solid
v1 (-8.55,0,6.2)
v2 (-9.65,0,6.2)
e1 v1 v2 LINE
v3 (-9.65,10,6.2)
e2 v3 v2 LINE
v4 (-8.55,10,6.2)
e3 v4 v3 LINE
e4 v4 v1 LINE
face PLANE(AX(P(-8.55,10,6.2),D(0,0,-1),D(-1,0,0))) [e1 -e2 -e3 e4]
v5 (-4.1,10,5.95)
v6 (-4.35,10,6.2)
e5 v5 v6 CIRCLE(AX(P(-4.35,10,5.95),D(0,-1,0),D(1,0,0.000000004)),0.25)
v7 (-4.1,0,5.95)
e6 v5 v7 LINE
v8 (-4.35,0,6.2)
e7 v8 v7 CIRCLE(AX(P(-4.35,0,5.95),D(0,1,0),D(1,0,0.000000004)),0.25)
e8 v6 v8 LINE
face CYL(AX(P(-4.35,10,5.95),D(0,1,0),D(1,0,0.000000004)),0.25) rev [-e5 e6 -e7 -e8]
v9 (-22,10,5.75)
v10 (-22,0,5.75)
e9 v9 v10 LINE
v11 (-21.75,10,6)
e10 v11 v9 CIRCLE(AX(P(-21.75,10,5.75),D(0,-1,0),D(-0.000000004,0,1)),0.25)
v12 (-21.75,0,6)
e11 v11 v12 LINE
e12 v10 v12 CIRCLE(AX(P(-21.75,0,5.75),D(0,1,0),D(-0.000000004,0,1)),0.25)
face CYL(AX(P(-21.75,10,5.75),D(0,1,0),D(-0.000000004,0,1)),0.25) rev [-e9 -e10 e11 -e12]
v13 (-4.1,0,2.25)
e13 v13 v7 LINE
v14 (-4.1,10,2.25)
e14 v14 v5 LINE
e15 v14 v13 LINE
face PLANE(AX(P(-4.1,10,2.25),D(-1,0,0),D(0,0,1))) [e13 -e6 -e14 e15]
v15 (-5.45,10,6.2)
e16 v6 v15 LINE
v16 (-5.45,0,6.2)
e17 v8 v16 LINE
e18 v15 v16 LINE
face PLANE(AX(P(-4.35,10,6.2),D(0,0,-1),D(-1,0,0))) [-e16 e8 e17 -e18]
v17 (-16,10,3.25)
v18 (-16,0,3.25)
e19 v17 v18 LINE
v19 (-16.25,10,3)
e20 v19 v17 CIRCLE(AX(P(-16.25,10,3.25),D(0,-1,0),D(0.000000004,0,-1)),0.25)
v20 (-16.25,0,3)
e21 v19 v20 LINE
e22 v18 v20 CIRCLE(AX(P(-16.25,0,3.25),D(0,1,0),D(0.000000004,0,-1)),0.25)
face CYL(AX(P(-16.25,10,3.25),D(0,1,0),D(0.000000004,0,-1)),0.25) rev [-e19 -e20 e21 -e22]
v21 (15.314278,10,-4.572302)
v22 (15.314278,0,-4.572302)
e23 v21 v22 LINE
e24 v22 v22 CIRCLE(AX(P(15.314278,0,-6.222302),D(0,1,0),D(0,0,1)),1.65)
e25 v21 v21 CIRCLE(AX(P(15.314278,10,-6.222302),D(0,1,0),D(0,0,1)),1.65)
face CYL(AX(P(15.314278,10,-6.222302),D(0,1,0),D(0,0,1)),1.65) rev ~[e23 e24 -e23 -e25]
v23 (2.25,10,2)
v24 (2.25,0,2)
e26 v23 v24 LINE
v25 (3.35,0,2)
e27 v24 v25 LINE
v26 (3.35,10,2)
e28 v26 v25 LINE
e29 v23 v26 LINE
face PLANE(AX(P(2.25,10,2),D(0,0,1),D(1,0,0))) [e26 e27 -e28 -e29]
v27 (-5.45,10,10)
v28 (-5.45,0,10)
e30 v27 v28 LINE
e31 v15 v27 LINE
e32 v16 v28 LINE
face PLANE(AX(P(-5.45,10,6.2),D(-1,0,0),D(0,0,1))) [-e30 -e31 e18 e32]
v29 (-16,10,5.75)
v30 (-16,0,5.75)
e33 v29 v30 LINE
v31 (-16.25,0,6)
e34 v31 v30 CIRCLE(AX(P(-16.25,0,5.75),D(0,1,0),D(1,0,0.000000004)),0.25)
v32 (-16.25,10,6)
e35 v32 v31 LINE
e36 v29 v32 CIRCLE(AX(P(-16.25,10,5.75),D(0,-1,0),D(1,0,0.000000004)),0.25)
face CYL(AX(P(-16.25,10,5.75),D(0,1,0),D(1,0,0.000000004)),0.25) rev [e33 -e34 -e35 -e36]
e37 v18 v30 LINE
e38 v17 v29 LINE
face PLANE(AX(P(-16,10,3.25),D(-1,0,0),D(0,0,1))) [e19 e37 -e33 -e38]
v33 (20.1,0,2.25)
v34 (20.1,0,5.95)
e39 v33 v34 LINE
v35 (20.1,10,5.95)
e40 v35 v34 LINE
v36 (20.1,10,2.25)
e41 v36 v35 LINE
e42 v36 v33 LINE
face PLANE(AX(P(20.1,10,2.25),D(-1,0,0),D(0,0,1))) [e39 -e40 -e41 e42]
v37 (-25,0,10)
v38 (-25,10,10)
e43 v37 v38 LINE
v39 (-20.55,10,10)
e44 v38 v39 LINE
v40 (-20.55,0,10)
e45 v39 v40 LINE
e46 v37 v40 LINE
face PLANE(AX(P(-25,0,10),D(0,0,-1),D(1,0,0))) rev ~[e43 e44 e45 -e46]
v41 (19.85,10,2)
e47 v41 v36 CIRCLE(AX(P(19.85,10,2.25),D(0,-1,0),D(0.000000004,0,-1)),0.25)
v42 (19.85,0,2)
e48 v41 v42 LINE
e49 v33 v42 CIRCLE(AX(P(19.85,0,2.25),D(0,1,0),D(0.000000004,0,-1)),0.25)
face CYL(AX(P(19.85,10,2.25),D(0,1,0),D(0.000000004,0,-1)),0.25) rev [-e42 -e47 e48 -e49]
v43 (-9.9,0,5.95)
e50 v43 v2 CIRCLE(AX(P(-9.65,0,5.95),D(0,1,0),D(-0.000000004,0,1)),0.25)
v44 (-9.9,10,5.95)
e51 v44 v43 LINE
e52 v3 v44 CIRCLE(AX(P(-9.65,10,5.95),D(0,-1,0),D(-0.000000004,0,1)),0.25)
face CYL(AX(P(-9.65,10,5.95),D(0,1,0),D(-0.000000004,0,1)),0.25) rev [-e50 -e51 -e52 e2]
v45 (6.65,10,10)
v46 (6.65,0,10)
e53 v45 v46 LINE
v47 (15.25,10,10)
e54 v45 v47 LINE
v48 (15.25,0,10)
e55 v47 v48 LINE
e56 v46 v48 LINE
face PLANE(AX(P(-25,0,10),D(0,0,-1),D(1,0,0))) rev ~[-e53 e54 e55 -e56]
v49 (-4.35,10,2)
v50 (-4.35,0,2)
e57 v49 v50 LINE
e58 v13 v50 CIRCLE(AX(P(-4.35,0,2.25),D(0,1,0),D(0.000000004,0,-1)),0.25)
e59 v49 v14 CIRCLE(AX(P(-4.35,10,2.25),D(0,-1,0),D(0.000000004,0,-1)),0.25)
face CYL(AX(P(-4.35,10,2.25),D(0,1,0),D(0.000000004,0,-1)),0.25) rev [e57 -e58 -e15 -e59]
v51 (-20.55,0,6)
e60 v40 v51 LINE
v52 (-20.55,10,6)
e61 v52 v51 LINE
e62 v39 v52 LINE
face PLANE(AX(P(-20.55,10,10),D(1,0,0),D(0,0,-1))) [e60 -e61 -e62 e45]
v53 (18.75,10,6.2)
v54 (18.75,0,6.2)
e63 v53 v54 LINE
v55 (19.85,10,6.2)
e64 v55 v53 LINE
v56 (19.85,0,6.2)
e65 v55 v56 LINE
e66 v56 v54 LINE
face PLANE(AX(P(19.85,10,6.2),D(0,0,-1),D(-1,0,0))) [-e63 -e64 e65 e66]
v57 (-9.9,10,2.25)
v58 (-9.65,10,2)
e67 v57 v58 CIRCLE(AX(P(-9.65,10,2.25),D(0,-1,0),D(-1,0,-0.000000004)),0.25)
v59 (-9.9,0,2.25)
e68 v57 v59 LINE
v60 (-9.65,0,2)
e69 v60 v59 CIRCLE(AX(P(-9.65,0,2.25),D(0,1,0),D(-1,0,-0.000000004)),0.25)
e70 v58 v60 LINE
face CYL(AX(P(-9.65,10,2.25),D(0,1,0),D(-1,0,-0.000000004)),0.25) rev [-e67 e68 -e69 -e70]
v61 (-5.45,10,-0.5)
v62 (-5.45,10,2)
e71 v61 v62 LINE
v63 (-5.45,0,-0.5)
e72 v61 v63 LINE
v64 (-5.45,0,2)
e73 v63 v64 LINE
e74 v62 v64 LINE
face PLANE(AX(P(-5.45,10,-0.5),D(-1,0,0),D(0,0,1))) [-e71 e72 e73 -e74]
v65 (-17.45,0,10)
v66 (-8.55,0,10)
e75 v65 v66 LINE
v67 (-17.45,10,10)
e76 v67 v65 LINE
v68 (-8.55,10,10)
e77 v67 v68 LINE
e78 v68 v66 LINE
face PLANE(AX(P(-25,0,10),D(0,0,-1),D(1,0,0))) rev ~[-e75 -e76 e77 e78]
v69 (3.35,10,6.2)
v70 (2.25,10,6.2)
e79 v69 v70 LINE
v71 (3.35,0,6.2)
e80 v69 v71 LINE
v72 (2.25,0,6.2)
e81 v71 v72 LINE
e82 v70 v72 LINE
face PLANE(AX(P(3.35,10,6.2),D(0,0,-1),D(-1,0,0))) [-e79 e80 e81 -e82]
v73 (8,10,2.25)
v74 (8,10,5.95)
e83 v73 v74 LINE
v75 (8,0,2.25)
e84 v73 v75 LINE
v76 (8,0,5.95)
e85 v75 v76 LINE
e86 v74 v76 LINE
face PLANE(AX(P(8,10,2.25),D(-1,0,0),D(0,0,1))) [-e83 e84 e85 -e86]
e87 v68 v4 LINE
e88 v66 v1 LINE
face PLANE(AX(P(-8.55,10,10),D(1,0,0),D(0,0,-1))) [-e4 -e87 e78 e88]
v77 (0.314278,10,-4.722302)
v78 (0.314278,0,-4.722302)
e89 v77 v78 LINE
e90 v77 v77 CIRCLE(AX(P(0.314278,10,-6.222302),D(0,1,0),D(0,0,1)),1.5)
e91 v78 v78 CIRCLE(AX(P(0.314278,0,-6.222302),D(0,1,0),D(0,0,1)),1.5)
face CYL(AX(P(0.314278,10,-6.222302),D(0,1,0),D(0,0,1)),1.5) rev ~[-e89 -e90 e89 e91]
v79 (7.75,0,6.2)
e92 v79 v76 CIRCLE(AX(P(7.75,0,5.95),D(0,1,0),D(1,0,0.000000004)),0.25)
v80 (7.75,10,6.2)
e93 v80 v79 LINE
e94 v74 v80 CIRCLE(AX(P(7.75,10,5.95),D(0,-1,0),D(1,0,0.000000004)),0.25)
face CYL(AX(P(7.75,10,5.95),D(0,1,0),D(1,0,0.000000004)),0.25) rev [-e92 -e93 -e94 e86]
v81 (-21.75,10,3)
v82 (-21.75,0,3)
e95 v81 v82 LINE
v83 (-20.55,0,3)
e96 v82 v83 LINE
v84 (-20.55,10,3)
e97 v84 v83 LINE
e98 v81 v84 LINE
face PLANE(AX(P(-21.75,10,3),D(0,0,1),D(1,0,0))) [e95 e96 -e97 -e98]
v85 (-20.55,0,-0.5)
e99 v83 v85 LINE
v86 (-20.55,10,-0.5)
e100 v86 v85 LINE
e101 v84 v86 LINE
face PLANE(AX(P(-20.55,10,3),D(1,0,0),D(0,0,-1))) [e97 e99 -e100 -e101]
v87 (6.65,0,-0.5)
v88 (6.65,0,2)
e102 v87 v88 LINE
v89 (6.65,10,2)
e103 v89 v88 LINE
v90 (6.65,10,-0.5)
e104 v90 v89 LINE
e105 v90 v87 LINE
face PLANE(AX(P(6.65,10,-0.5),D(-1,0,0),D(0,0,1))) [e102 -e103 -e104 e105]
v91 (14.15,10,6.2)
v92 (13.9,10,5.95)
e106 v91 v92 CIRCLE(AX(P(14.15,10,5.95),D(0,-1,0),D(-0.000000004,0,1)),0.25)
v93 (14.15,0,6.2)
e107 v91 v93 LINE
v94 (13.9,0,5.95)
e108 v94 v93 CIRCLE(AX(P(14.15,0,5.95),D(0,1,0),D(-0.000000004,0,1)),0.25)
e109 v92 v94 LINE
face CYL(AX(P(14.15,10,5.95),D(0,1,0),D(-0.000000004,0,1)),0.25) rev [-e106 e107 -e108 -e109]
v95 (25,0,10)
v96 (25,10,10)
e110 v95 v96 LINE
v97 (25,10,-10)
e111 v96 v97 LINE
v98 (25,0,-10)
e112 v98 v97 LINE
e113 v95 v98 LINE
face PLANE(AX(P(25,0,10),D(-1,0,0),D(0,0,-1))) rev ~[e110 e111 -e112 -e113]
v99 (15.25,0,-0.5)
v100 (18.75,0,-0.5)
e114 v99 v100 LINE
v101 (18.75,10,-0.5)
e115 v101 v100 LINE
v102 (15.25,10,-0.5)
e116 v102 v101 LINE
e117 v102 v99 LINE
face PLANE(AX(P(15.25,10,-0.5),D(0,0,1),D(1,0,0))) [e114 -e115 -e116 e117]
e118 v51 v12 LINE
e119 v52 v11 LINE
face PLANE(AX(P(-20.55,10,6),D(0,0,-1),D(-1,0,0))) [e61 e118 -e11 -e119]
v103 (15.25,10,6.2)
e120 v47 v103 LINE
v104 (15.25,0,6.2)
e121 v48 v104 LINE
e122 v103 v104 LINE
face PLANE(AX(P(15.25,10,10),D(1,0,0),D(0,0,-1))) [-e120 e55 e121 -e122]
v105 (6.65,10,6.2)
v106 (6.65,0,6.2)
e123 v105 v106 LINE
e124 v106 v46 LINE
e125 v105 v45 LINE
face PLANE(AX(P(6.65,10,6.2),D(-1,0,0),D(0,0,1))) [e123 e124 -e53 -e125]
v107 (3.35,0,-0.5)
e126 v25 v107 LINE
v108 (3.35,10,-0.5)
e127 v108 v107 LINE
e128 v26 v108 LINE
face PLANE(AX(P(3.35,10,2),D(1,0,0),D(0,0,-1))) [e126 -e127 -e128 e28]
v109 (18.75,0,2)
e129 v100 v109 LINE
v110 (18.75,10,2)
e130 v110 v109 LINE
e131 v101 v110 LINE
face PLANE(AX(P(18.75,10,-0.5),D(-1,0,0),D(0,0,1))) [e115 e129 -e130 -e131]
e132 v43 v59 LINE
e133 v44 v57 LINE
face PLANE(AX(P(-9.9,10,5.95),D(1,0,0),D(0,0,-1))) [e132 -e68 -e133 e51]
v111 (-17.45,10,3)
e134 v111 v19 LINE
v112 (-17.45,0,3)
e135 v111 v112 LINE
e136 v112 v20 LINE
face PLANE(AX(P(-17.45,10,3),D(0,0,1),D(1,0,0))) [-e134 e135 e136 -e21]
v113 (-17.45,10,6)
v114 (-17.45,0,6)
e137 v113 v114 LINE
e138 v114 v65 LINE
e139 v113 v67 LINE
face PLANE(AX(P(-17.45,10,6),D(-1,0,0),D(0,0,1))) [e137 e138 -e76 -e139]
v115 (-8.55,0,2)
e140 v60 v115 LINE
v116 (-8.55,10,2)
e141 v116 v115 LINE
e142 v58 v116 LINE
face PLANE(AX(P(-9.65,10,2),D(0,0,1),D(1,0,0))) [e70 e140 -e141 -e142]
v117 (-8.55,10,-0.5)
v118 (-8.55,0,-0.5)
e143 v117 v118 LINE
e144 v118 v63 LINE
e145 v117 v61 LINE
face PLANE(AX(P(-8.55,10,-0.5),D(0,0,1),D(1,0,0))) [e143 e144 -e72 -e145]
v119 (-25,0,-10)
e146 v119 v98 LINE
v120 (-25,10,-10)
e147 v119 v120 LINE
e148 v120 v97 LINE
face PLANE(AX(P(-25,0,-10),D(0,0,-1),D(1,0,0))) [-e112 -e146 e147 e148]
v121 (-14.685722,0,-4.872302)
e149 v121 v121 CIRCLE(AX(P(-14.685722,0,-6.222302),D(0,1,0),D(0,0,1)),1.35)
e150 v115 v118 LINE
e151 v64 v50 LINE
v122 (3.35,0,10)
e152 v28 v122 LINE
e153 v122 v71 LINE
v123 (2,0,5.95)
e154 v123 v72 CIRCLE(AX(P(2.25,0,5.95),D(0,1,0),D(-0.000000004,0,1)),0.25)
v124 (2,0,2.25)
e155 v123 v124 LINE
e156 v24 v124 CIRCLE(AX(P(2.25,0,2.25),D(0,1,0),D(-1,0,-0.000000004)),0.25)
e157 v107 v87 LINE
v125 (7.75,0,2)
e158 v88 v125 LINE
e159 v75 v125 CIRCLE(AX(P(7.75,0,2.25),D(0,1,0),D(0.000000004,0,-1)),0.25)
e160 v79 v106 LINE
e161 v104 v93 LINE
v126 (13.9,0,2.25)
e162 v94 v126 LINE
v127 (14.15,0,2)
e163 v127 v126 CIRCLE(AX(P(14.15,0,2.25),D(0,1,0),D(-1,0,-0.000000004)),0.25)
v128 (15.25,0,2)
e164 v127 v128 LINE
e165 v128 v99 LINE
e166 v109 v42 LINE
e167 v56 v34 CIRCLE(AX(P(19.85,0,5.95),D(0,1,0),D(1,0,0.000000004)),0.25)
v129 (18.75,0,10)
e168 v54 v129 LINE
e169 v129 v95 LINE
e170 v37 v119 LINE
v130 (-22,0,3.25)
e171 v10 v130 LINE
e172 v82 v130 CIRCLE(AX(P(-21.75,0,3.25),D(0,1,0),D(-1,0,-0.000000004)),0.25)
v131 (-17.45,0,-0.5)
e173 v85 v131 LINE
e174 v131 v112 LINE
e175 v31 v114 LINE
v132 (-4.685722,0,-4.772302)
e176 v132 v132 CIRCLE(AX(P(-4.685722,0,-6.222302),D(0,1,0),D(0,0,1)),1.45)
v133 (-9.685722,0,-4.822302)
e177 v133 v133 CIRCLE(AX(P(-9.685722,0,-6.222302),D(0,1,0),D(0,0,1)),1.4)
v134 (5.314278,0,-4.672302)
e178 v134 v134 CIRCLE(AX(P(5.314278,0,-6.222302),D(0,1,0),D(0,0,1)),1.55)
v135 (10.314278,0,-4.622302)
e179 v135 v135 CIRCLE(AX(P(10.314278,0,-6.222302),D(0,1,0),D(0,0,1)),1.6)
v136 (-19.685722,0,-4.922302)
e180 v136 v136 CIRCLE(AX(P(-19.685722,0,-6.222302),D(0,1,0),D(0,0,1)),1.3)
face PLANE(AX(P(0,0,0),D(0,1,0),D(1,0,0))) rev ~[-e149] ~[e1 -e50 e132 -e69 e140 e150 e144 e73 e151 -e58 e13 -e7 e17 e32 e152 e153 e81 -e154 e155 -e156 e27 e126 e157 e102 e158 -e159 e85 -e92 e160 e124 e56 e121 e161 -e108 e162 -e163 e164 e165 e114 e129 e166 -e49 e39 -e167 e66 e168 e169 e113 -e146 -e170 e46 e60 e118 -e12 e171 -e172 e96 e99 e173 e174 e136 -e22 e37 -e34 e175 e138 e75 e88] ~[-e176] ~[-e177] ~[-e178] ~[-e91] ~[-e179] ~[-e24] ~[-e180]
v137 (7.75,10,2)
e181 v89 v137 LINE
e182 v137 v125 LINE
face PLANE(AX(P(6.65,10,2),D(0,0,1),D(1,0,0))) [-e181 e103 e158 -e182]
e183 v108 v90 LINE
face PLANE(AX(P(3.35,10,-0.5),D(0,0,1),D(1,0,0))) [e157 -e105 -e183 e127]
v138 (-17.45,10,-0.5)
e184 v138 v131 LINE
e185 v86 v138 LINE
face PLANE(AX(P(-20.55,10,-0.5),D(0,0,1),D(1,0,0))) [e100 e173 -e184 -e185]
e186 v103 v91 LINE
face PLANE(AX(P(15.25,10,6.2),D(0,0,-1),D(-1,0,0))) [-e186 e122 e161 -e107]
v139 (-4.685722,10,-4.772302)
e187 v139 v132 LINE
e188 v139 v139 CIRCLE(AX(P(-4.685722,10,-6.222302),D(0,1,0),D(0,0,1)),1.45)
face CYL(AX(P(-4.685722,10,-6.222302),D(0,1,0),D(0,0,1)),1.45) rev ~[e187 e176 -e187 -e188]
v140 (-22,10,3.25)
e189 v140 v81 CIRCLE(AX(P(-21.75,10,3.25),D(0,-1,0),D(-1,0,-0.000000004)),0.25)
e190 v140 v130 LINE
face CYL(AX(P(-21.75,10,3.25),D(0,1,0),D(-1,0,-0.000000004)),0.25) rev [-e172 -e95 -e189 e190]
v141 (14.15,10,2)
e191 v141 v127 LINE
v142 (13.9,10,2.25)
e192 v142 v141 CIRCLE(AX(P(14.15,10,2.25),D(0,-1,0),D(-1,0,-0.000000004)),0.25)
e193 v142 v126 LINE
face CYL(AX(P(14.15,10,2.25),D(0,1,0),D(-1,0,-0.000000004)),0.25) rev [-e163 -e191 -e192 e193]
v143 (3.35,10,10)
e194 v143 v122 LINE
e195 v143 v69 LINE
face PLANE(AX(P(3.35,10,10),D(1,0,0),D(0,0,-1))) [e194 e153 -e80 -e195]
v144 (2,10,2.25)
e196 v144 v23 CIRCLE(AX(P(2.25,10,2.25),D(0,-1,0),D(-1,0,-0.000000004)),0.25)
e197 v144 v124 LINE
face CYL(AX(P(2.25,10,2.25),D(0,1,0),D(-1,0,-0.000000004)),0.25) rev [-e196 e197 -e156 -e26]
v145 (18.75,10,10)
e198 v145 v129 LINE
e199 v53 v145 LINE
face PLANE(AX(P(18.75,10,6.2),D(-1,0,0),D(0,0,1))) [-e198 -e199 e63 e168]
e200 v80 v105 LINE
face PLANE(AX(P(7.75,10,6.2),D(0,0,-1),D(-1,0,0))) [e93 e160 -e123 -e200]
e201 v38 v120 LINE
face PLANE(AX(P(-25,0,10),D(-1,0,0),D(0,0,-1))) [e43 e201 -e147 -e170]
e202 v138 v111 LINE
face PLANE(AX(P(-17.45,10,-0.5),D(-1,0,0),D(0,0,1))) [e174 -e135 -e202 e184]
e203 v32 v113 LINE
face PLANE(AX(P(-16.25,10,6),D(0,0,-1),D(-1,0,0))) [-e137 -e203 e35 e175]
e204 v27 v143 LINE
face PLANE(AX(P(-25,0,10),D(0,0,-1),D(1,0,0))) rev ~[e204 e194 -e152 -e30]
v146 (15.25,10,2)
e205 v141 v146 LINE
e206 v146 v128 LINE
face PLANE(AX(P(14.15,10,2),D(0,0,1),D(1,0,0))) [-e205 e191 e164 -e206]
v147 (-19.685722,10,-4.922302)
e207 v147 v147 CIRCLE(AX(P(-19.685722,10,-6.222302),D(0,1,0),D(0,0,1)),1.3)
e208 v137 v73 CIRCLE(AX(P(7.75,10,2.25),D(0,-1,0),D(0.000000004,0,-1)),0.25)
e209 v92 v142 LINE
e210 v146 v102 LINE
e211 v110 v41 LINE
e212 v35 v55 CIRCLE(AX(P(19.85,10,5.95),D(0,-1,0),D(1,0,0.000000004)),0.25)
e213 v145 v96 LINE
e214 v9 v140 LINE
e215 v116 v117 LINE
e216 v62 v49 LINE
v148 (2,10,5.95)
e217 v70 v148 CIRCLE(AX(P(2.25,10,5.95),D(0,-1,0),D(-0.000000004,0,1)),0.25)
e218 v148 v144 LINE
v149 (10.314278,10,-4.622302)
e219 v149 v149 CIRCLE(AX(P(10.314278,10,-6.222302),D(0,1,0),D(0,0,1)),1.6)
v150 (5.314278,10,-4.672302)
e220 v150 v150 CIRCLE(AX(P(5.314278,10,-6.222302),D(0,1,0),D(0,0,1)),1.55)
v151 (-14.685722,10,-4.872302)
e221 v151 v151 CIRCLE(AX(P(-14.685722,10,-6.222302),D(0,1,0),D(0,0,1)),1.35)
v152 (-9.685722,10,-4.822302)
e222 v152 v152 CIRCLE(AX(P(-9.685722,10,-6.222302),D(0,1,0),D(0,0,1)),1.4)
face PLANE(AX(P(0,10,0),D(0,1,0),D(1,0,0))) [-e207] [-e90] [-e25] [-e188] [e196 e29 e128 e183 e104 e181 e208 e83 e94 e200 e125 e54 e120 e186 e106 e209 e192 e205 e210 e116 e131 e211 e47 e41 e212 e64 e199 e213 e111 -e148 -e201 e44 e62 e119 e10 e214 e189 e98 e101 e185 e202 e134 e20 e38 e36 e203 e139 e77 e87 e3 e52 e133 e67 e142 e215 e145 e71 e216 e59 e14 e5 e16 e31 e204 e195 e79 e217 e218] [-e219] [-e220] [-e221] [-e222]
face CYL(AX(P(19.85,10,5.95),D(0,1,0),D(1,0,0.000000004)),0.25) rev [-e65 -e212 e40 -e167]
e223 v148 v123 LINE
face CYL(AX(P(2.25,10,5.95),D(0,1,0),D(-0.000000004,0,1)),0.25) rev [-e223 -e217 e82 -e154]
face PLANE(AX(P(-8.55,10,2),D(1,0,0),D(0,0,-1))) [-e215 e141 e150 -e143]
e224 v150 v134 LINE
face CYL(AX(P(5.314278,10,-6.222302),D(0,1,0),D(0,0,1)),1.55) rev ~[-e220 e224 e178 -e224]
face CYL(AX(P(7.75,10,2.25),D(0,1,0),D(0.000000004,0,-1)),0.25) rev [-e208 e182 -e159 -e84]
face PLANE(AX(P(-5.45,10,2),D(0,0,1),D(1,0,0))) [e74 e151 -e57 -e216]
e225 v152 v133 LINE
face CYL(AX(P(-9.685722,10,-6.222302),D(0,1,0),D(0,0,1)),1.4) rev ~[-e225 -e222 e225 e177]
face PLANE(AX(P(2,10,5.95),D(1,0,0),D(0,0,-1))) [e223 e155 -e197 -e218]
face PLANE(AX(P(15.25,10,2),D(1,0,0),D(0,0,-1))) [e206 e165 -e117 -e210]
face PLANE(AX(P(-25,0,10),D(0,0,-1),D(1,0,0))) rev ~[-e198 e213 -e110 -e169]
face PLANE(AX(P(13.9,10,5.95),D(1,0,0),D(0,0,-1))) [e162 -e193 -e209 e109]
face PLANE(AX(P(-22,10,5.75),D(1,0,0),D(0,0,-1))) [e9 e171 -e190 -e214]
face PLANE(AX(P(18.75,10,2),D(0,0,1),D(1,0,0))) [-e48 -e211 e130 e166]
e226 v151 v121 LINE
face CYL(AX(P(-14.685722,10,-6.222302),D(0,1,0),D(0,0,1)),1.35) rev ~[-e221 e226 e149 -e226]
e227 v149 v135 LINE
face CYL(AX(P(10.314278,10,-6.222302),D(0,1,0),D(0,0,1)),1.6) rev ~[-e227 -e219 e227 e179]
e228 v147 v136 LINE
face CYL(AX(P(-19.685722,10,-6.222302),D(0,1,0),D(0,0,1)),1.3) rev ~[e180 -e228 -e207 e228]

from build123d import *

# Parameters (mm, degrees)
SKETCH2_W           = 50
SKETCH2_H           = 20
BOSS_EXTRUDE1_DEPTH = 10
SKETCH3_R           = 1.3
SKETCH3_R_2         = 1.35
SKETCH3_R_3         = 1.4
SKETCH3_R_4         = 1.45
SKETCH3_R_5         = 1.5
SKETCH3_R_6         = 1.55
SKETCH3_R_7         = 1.6
SKETCH3_R_8         = 1.65
CUT_EXTRUDE1_DEPTH  = 29.722813233


with BuildPart() as part:
    # Sketch2 → Boss-Extrude1 (new body)
    with BuildSketch(Plane(origin=(0, 0, 0), x_dir=(1, 0, 0), z_dir=(0, 1, 0))):
        Rectangle(SKETCH2_W, SKETCH2_H)
    extrude(amount=BOSS_EXTRUDE1_DEPTH)

    # Sketch3 → Cut-Extrude1 (cut, through all)
    with BuildSketch(Plane(origin=(0, 10, 0), x_dir=(1, 0, 0), z_dir=(0, 1, 0))):
        with Locations(Location((-19.685722489, 6.222302146, 0), (0, 0, 270))):
            Circle(SKETCH3_R)
        with Locations(Location((-14.685722489, 6.222302146, 0), (0, 0, 270))):
            Circle(SKETCH3_R_2)
        with Locations(Location((-9.685722489, 6.222302146, 0), (0, 0, 270))):
            Circle(SKETCH3_R_3)
        with Locations(Location((-4.685722489, 6.222302146, 0), (0, 0, 270))):
            Circle(SKETCH3_R_4)
        with Locations(Location((0.314277511, 6.222302146, 0), (0, 0, 270))):
            Circle(SKETCH3_R_5)
        with Locations(Location((5.314277511, 6.222302146, 0), (0, 0, 270))):
            Circle(SKETCH3_R_6)
        with Locations(Location((10.314277511, 6.222302146, 0), (0, 0, 270))):
            Circle(SKETCH3_R_7)
        with Locations(Location((15.314277511, 6.222302146, 0), (0, 0, 270))):
            Circle(SKETCH3_R_8)
        with BuildLine():
            Line((6.65, -10), (3.35, -10))
            Line((3.35, -10), (3.35, -6.2))
            Line((3.35, -6.2), (2.25, -6.2))
            ThreePointArc((2.25, -6.2), (2.073223305, -6.126776695), (2, -5.95))
            Line((2, -5.95), (2, -2.25))
            ThreePointArc((2, -2.25), (2.073223305, -2.073223305), (2.25, -2))
            Line((2.25, -2), (3.35, -2))
            Line((3.35, -2), (3.35, 0.5))
            Line((3.35, 0.5), (6.65, 0.5))
            Line((6.65, 0.5), (6.65, -2))
            Line((6.65, -2), (7.75, -2))
            ThreePointArc((7.75, -2), (7.926776695, -2.073223305), (8, -2.25))
            Line((8, -2.25), (8, -5.95))
            ThreePointArc((8, -5.95), (7.926776695, -6.126776695), (7.75, -6.2))
            Line((7.75, -6.2), (6.65, -6.2))
            Line((6.65, -6.2), (6.65, -10))
        make_face()
        with BuildLine():
            Line((15.25, 0.5), (18.75, 0.5))
            Line((18.75, 0.5), (18.75, -2))
            Line((18.75, -2), (19.85, -2))
            ThreePointArc((19.85, -2), (20.026776695, -2.073223305), (20.1, -2.25))
            Line((20.1, -2.25), (20.1, -5.95))
            ThreePointArc((20.1, -5.95), (20.026776695, -6.126776695), (19.85, -6.2))
            Line((19.85, -6.2), (18.75, -6.2))
            Line((18.75, -6.2), (18.75, -10))
            Line((18.75, -10), (15.25, -10))
            Line((15.25, -10), (15.25, -6.2))
            Line((15.25, -6.2), (14.15, -6.2))
            ThreePointArc((14.15, -6.2), (13.973223305, -6.126776695), (13.9, -5.95))
            Line((13.9, -5.95), (13.9, -2.25))
            ThreePointArc((13.9, -2.25), (13.973223305, -2.073223305), (14.15, -2))
            Line((14.15, -2), (15.25, -2))
            Line((15.25, -2), (15.25, 0.5))
        make_face()
        with BuildLine():
            Line((-8.55, 0.5), (-5.45, 0.5))
            Line((-5.45, 0.5), (-5.45, -2))
            Line((-5.45, -2), (-4.35, -2))
            ThreePointArc((-4.35, -2), (-4.173223305, -2.073223305), (-4.1, -2.25))
            Line((-4.1, -2.25), (-4.1, -5.95))
            ThreePointArc((-4.1, -5.95), (-4.173223305, -6.126776695), (-4.35, -6.2))
            Line((-4.35, -6.2), (-5.45, -6.2))
            Line((-5.45, -6.2), (-5.45, -10))
            Line((-5.45, -10), (-8.55, -10))
            Line((-8.55, -10), (-8.55, -6.2))
            Line((-8.55, -6.2), (-9.65, -6.2))
            ThreePointArc((-9.65, -6.2), (-9.826776695, -6.126776695), (-9.9, -5.95))
            Line((-9.9, -5.95), (-9.9, -2.25))
            ThreePointArc((-9.9, -2.25), (-9.826776695, -2.073223305), (-9.65, -2))
            Line((-9.65, -2), (-8.55, -2))
            Line((-8.55, -2), (-8.55, 0.5))
        make_face()
        with BuildLine():
            Line((-20.55, 0.5), (-17.45, 0.5))
            Line((-17.45, 0.5), (-17.45, -3))
            Line((-17.45, -3), (-16.25, -3))
            ThreePointArc((-16.25, -3), (-16.073223305, -3.073223305), (-16, -3.25))
            Line((-16, -3.25), (-16, -5.75))
            ThreePointArc((-16, -5.75), (-16.073223305, -5.926776695), (-16.25, -6))
            Line((-16.25, -6), (-17.45, -6))
            Line((-17.45, -6), (-17.45, -10))
            Line((-17.45, -10), (-20.55, -10))
            Line((-20.55, -10), (-20.55, -6))
            Line((-20.55, -6), (-21.75, -6))
            ThreePointArc((-21.75, -6), (-21.926776695, -5.926776695), (-22, -5.75))
            Line((-22, -5.75), (-22, -3.25))
            ThreePointArc((-22, -3.25), (-21.926776695, -3.073223305), (-21.75, -3))
            Line((-21.75, -3), (-20.55, -3))
            Line((-20.55, -3), (-20.55, 0.5))
        make_face()
    extrude(amount=-CUT_EXTRUDE1_DEPTH, mode=Mode.SUBTRACT)


solid = part.part
